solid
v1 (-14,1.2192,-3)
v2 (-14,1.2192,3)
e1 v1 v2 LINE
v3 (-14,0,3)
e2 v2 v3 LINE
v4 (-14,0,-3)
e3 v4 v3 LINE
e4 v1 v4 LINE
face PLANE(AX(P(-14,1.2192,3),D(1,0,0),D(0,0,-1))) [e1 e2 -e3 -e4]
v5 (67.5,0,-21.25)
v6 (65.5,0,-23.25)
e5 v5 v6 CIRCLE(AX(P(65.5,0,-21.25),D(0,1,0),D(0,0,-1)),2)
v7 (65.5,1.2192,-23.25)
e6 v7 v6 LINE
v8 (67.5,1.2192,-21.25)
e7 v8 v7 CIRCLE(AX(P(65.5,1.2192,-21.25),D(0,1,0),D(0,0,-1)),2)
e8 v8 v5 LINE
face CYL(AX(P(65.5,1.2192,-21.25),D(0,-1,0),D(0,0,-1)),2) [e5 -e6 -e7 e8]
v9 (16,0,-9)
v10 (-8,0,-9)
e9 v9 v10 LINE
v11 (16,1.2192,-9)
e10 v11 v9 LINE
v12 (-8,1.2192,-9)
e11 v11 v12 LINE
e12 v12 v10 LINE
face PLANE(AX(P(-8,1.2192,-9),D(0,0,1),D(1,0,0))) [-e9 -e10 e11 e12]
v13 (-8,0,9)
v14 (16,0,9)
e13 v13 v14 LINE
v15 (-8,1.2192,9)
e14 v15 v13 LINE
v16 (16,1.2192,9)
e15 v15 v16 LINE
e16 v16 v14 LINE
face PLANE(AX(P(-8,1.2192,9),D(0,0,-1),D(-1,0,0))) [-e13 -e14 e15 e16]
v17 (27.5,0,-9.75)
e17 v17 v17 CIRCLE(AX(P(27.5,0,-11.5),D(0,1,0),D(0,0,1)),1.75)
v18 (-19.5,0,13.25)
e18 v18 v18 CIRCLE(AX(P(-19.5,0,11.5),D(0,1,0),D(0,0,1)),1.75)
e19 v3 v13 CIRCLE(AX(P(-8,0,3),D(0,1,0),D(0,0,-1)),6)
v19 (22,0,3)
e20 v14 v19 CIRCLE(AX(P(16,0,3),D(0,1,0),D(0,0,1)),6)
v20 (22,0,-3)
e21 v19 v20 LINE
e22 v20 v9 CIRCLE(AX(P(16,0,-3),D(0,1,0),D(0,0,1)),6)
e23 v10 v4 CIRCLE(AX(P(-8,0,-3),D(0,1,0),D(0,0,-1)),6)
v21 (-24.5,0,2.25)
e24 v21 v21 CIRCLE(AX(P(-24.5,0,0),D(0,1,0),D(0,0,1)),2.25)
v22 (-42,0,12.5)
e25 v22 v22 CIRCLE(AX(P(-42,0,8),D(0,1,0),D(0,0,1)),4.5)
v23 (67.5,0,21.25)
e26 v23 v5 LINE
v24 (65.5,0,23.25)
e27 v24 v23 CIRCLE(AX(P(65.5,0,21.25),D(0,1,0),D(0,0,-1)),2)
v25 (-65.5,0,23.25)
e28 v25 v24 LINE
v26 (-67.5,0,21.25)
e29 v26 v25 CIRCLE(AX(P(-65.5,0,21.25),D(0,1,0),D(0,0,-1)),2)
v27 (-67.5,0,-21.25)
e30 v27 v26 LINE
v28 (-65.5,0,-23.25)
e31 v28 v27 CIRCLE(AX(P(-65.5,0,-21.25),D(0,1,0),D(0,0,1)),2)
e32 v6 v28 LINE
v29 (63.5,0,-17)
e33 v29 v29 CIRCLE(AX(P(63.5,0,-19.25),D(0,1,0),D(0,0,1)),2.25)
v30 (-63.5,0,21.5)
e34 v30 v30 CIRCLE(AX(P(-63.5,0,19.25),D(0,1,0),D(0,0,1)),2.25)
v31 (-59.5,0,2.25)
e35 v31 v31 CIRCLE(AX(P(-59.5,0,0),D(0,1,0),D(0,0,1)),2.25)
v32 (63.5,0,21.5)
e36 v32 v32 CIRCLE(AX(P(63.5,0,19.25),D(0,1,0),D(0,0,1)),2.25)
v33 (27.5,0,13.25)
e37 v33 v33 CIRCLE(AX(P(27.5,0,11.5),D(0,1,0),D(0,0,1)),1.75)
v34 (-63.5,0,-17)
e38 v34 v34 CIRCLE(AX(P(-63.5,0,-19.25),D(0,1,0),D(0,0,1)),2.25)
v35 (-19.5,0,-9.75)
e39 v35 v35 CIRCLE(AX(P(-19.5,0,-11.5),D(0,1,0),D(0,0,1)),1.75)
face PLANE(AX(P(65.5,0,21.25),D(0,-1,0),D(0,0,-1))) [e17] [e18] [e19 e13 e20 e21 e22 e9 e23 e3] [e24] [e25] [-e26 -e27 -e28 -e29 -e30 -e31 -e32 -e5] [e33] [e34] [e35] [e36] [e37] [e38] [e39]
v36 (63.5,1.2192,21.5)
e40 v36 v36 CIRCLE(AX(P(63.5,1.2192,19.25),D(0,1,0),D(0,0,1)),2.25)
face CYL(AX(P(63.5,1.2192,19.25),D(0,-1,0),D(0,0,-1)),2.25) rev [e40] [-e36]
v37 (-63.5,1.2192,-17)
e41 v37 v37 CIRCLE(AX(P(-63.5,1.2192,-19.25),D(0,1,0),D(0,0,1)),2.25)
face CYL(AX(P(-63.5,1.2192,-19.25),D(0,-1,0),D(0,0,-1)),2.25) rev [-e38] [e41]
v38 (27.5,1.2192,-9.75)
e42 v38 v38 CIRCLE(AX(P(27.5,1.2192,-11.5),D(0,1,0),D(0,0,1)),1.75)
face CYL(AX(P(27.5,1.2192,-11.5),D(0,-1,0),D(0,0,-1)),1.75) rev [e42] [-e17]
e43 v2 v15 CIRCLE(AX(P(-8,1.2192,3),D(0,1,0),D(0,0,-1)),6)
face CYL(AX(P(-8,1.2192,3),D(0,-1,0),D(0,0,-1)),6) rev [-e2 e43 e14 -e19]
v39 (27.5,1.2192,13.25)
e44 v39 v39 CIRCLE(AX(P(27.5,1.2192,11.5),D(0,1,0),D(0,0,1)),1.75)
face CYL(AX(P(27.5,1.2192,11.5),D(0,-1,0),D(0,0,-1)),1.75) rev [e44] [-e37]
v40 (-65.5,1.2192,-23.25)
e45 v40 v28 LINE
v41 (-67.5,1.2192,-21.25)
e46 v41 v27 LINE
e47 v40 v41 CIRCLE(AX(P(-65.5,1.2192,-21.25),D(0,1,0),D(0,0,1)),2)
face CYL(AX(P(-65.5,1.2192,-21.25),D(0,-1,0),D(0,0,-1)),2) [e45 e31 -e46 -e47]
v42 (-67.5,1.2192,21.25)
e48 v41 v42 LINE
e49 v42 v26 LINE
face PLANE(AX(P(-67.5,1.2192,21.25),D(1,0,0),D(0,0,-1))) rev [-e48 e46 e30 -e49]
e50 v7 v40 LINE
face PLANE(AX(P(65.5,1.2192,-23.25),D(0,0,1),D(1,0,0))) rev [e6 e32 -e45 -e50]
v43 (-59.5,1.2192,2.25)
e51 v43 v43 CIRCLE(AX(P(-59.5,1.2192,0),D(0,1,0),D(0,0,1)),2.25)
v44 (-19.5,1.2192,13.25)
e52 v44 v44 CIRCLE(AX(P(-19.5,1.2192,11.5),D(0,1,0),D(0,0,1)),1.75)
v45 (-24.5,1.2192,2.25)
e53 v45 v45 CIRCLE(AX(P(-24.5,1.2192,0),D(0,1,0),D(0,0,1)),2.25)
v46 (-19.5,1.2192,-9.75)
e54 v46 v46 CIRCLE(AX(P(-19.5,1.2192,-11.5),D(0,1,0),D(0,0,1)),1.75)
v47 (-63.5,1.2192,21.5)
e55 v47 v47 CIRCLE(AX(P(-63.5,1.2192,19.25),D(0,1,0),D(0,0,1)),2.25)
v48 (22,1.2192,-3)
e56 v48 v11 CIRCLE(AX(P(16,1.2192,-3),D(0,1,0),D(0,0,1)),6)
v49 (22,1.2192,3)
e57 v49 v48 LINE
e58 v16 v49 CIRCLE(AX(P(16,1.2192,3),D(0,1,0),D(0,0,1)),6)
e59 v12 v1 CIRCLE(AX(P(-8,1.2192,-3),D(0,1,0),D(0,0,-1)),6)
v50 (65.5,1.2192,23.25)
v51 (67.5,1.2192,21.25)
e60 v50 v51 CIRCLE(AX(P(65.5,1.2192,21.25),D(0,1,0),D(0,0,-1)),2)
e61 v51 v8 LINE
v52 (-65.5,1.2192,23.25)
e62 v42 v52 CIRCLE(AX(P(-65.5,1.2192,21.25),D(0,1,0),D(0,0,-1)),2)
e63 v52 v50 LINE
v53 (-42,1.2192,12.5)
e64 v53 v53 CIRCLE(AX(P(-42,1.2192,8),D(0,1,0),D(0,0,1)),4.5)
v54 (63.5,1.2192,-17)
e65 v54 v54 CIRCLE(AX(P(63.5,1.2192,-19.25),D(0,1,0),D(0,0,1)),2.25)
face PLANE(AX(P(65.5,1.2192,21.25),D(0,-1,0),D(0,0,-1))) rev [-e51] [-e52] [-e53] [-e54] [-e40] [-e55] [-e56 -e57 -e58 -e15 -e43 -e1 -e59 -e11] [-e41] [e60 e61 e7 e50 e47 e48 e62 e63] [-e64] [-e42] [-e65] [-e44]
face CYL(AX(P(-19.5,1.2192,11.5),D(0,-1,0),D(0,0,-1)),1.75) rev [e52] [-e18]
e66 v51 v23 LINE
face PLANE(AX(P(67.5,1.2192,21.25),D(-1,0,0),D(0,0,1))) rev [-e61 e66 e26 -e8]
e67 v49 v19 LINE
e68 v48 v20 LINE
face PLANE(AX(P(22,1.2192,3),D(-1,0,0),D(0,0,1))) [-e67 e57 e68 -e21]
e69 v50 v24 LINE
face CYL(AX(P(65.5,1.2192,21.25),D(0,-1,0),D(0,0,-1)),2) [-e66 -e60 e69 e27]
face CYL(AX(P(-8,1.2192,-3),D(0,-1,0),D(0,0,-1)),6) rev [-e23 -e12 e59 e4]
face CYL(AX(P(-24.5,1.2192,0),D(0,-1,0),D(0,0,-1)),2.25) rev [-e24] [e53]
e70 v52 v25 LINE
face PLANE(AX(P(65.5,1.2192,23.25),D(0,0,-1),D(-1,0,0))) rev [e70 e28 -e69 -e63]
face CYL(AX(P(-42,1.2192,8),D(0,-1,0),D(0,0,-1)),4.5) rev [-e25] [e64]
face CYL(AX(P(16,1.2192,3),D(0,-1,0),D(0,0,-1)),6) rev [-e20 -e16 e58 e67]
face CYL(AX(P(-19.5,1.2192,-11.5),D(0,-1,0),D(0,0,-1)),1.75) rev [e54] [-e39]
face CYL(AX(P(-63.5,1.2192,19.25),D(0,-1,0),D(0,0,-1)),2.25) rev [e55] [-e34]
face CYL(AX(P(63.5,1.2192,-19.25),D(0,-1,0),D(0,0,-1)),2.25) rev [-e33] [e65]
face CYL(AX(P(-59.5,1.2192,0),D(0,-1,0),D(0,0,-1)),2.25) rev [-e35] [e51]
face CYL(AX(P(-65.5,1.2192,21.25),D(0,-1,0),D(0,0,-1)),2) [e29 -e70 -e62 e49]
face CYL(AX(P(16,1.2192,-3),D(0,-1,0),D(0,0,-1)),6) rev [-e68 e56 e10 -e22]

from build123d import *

# Parameters (mm, degrees)
BASE_R      = 2.25
BASE_R_2    = 1.75
BASE_R_3    = 4.5
SHEET_DEPTH = 1.2192


with BuildPart() as part:
    # BASE → SHEET (new body)
    with BuildSketch(Plane(origin=(0, 0, 0), x_dir=(1, 0, 0), z_dir=(0, 1, 0))):
        with BuildLine():
            Line((65.5, -23.25), (-65.5, -23.25))
            ThreePointArc((-65.5, -23.25), (-66.914213562, -22.664213562), (-67.5, -21.25))
            Line((-67.5, -21.25), (-67.5, 21.25))
            ThreePointArc((-67.5, 21.25), (-66.914213562, 22.664213562), (-65.5, 23.25))
            Line((-65.5, 23.25), (65.5, 23.25))
            ThreePointArc((65.5, 23.25), (66.914213562, 22.664213562), (67.5, 21.25))
            Line((67.5, 21.25), (67.5, -21.25))
            ThreePointArc((67.5, -21.25), (66.914213562, -22.664213562), (65.5, -23.25))
        make_face()
        with Locations(Location((-59.5, 0, 0), (0, 0, 270))):
            Circle(BASE_R, mode=Mode.SUBTRACT)
        with Locations(Location((-24.5, 0, 0), (0, 0, 270))):
            Circle(BASE_R, mode=Mode.SUBTRACT)
        with Locations(Location((-63.5, 19.25, 0), (0, 0, 270))):
            Circle(BASE_R, mode=Mode.SUBTRACT)
        with Locations(Location((-63.5, -19.25, 0), (0, 0, 270))):
            Circle(BASE_R, mode=Mode.SUBTRACT)
        with Locations(Location((63.5, -19.25, 0), (0, 0, 270))):
            Circle(BASE_R, mode=Mode.SUBTRACT)
        with Locations(Location((63.5, 19.25, 0), (0, 0, 270))):
            Circle(BASE_R, mode=Mode.SUBTRACT)
        with Locations(Location((-19.5, 11.5, 0), (0, 0, 270))):
            Circle(BASE_R_2, mode=Mode.SUBTRACT)
        with Locations(Location((27.5, 11.5, 0), (0, 0, 270))):
            Circle(BASE_R_2, mode=Mode.SUBTRACT)
        with Locations(Location((27.5, -11.5, 0), (0, 0, 270))):
            Circle(BASE_R_2, mode=Mode.SUBTRACT)
        with Locations(Location((-19.5, -11.5, 0), (0, 0, 270))):
            Circle(BASE_R_2, mode=Mode.SUBTRACT)
        with Locations(Location((-42, -8, 0), (0, 0, 270))):
            Circle(BASE_R_3, mode=Mode.SUBTRACT)
        with BuildLine():
            Line((-8, -9), (16, -9))
            ThreePointArc((16, -9), (20.242640687, -7.242640687), (22, -3))
            Line((22, -3), (22, 3))
            ThreePointArc((22, 3), (20.242640687, 7.242640687), (16, 9))
            Line((16, 9), (-8, 9))
            ThreePointArc((-8, 9), (-12.242640687, 7.242640687), (-14, 3))
            Line((-14, 3), (-14, -3))
            ThreePointArc((-14, -3), (-12.242640687, -7.242640687), (-8, -9))
        make_face(mode=Mode.SUBTRACT)
    extrude(amount=SHEET_DEPTH)


solid = part.part
